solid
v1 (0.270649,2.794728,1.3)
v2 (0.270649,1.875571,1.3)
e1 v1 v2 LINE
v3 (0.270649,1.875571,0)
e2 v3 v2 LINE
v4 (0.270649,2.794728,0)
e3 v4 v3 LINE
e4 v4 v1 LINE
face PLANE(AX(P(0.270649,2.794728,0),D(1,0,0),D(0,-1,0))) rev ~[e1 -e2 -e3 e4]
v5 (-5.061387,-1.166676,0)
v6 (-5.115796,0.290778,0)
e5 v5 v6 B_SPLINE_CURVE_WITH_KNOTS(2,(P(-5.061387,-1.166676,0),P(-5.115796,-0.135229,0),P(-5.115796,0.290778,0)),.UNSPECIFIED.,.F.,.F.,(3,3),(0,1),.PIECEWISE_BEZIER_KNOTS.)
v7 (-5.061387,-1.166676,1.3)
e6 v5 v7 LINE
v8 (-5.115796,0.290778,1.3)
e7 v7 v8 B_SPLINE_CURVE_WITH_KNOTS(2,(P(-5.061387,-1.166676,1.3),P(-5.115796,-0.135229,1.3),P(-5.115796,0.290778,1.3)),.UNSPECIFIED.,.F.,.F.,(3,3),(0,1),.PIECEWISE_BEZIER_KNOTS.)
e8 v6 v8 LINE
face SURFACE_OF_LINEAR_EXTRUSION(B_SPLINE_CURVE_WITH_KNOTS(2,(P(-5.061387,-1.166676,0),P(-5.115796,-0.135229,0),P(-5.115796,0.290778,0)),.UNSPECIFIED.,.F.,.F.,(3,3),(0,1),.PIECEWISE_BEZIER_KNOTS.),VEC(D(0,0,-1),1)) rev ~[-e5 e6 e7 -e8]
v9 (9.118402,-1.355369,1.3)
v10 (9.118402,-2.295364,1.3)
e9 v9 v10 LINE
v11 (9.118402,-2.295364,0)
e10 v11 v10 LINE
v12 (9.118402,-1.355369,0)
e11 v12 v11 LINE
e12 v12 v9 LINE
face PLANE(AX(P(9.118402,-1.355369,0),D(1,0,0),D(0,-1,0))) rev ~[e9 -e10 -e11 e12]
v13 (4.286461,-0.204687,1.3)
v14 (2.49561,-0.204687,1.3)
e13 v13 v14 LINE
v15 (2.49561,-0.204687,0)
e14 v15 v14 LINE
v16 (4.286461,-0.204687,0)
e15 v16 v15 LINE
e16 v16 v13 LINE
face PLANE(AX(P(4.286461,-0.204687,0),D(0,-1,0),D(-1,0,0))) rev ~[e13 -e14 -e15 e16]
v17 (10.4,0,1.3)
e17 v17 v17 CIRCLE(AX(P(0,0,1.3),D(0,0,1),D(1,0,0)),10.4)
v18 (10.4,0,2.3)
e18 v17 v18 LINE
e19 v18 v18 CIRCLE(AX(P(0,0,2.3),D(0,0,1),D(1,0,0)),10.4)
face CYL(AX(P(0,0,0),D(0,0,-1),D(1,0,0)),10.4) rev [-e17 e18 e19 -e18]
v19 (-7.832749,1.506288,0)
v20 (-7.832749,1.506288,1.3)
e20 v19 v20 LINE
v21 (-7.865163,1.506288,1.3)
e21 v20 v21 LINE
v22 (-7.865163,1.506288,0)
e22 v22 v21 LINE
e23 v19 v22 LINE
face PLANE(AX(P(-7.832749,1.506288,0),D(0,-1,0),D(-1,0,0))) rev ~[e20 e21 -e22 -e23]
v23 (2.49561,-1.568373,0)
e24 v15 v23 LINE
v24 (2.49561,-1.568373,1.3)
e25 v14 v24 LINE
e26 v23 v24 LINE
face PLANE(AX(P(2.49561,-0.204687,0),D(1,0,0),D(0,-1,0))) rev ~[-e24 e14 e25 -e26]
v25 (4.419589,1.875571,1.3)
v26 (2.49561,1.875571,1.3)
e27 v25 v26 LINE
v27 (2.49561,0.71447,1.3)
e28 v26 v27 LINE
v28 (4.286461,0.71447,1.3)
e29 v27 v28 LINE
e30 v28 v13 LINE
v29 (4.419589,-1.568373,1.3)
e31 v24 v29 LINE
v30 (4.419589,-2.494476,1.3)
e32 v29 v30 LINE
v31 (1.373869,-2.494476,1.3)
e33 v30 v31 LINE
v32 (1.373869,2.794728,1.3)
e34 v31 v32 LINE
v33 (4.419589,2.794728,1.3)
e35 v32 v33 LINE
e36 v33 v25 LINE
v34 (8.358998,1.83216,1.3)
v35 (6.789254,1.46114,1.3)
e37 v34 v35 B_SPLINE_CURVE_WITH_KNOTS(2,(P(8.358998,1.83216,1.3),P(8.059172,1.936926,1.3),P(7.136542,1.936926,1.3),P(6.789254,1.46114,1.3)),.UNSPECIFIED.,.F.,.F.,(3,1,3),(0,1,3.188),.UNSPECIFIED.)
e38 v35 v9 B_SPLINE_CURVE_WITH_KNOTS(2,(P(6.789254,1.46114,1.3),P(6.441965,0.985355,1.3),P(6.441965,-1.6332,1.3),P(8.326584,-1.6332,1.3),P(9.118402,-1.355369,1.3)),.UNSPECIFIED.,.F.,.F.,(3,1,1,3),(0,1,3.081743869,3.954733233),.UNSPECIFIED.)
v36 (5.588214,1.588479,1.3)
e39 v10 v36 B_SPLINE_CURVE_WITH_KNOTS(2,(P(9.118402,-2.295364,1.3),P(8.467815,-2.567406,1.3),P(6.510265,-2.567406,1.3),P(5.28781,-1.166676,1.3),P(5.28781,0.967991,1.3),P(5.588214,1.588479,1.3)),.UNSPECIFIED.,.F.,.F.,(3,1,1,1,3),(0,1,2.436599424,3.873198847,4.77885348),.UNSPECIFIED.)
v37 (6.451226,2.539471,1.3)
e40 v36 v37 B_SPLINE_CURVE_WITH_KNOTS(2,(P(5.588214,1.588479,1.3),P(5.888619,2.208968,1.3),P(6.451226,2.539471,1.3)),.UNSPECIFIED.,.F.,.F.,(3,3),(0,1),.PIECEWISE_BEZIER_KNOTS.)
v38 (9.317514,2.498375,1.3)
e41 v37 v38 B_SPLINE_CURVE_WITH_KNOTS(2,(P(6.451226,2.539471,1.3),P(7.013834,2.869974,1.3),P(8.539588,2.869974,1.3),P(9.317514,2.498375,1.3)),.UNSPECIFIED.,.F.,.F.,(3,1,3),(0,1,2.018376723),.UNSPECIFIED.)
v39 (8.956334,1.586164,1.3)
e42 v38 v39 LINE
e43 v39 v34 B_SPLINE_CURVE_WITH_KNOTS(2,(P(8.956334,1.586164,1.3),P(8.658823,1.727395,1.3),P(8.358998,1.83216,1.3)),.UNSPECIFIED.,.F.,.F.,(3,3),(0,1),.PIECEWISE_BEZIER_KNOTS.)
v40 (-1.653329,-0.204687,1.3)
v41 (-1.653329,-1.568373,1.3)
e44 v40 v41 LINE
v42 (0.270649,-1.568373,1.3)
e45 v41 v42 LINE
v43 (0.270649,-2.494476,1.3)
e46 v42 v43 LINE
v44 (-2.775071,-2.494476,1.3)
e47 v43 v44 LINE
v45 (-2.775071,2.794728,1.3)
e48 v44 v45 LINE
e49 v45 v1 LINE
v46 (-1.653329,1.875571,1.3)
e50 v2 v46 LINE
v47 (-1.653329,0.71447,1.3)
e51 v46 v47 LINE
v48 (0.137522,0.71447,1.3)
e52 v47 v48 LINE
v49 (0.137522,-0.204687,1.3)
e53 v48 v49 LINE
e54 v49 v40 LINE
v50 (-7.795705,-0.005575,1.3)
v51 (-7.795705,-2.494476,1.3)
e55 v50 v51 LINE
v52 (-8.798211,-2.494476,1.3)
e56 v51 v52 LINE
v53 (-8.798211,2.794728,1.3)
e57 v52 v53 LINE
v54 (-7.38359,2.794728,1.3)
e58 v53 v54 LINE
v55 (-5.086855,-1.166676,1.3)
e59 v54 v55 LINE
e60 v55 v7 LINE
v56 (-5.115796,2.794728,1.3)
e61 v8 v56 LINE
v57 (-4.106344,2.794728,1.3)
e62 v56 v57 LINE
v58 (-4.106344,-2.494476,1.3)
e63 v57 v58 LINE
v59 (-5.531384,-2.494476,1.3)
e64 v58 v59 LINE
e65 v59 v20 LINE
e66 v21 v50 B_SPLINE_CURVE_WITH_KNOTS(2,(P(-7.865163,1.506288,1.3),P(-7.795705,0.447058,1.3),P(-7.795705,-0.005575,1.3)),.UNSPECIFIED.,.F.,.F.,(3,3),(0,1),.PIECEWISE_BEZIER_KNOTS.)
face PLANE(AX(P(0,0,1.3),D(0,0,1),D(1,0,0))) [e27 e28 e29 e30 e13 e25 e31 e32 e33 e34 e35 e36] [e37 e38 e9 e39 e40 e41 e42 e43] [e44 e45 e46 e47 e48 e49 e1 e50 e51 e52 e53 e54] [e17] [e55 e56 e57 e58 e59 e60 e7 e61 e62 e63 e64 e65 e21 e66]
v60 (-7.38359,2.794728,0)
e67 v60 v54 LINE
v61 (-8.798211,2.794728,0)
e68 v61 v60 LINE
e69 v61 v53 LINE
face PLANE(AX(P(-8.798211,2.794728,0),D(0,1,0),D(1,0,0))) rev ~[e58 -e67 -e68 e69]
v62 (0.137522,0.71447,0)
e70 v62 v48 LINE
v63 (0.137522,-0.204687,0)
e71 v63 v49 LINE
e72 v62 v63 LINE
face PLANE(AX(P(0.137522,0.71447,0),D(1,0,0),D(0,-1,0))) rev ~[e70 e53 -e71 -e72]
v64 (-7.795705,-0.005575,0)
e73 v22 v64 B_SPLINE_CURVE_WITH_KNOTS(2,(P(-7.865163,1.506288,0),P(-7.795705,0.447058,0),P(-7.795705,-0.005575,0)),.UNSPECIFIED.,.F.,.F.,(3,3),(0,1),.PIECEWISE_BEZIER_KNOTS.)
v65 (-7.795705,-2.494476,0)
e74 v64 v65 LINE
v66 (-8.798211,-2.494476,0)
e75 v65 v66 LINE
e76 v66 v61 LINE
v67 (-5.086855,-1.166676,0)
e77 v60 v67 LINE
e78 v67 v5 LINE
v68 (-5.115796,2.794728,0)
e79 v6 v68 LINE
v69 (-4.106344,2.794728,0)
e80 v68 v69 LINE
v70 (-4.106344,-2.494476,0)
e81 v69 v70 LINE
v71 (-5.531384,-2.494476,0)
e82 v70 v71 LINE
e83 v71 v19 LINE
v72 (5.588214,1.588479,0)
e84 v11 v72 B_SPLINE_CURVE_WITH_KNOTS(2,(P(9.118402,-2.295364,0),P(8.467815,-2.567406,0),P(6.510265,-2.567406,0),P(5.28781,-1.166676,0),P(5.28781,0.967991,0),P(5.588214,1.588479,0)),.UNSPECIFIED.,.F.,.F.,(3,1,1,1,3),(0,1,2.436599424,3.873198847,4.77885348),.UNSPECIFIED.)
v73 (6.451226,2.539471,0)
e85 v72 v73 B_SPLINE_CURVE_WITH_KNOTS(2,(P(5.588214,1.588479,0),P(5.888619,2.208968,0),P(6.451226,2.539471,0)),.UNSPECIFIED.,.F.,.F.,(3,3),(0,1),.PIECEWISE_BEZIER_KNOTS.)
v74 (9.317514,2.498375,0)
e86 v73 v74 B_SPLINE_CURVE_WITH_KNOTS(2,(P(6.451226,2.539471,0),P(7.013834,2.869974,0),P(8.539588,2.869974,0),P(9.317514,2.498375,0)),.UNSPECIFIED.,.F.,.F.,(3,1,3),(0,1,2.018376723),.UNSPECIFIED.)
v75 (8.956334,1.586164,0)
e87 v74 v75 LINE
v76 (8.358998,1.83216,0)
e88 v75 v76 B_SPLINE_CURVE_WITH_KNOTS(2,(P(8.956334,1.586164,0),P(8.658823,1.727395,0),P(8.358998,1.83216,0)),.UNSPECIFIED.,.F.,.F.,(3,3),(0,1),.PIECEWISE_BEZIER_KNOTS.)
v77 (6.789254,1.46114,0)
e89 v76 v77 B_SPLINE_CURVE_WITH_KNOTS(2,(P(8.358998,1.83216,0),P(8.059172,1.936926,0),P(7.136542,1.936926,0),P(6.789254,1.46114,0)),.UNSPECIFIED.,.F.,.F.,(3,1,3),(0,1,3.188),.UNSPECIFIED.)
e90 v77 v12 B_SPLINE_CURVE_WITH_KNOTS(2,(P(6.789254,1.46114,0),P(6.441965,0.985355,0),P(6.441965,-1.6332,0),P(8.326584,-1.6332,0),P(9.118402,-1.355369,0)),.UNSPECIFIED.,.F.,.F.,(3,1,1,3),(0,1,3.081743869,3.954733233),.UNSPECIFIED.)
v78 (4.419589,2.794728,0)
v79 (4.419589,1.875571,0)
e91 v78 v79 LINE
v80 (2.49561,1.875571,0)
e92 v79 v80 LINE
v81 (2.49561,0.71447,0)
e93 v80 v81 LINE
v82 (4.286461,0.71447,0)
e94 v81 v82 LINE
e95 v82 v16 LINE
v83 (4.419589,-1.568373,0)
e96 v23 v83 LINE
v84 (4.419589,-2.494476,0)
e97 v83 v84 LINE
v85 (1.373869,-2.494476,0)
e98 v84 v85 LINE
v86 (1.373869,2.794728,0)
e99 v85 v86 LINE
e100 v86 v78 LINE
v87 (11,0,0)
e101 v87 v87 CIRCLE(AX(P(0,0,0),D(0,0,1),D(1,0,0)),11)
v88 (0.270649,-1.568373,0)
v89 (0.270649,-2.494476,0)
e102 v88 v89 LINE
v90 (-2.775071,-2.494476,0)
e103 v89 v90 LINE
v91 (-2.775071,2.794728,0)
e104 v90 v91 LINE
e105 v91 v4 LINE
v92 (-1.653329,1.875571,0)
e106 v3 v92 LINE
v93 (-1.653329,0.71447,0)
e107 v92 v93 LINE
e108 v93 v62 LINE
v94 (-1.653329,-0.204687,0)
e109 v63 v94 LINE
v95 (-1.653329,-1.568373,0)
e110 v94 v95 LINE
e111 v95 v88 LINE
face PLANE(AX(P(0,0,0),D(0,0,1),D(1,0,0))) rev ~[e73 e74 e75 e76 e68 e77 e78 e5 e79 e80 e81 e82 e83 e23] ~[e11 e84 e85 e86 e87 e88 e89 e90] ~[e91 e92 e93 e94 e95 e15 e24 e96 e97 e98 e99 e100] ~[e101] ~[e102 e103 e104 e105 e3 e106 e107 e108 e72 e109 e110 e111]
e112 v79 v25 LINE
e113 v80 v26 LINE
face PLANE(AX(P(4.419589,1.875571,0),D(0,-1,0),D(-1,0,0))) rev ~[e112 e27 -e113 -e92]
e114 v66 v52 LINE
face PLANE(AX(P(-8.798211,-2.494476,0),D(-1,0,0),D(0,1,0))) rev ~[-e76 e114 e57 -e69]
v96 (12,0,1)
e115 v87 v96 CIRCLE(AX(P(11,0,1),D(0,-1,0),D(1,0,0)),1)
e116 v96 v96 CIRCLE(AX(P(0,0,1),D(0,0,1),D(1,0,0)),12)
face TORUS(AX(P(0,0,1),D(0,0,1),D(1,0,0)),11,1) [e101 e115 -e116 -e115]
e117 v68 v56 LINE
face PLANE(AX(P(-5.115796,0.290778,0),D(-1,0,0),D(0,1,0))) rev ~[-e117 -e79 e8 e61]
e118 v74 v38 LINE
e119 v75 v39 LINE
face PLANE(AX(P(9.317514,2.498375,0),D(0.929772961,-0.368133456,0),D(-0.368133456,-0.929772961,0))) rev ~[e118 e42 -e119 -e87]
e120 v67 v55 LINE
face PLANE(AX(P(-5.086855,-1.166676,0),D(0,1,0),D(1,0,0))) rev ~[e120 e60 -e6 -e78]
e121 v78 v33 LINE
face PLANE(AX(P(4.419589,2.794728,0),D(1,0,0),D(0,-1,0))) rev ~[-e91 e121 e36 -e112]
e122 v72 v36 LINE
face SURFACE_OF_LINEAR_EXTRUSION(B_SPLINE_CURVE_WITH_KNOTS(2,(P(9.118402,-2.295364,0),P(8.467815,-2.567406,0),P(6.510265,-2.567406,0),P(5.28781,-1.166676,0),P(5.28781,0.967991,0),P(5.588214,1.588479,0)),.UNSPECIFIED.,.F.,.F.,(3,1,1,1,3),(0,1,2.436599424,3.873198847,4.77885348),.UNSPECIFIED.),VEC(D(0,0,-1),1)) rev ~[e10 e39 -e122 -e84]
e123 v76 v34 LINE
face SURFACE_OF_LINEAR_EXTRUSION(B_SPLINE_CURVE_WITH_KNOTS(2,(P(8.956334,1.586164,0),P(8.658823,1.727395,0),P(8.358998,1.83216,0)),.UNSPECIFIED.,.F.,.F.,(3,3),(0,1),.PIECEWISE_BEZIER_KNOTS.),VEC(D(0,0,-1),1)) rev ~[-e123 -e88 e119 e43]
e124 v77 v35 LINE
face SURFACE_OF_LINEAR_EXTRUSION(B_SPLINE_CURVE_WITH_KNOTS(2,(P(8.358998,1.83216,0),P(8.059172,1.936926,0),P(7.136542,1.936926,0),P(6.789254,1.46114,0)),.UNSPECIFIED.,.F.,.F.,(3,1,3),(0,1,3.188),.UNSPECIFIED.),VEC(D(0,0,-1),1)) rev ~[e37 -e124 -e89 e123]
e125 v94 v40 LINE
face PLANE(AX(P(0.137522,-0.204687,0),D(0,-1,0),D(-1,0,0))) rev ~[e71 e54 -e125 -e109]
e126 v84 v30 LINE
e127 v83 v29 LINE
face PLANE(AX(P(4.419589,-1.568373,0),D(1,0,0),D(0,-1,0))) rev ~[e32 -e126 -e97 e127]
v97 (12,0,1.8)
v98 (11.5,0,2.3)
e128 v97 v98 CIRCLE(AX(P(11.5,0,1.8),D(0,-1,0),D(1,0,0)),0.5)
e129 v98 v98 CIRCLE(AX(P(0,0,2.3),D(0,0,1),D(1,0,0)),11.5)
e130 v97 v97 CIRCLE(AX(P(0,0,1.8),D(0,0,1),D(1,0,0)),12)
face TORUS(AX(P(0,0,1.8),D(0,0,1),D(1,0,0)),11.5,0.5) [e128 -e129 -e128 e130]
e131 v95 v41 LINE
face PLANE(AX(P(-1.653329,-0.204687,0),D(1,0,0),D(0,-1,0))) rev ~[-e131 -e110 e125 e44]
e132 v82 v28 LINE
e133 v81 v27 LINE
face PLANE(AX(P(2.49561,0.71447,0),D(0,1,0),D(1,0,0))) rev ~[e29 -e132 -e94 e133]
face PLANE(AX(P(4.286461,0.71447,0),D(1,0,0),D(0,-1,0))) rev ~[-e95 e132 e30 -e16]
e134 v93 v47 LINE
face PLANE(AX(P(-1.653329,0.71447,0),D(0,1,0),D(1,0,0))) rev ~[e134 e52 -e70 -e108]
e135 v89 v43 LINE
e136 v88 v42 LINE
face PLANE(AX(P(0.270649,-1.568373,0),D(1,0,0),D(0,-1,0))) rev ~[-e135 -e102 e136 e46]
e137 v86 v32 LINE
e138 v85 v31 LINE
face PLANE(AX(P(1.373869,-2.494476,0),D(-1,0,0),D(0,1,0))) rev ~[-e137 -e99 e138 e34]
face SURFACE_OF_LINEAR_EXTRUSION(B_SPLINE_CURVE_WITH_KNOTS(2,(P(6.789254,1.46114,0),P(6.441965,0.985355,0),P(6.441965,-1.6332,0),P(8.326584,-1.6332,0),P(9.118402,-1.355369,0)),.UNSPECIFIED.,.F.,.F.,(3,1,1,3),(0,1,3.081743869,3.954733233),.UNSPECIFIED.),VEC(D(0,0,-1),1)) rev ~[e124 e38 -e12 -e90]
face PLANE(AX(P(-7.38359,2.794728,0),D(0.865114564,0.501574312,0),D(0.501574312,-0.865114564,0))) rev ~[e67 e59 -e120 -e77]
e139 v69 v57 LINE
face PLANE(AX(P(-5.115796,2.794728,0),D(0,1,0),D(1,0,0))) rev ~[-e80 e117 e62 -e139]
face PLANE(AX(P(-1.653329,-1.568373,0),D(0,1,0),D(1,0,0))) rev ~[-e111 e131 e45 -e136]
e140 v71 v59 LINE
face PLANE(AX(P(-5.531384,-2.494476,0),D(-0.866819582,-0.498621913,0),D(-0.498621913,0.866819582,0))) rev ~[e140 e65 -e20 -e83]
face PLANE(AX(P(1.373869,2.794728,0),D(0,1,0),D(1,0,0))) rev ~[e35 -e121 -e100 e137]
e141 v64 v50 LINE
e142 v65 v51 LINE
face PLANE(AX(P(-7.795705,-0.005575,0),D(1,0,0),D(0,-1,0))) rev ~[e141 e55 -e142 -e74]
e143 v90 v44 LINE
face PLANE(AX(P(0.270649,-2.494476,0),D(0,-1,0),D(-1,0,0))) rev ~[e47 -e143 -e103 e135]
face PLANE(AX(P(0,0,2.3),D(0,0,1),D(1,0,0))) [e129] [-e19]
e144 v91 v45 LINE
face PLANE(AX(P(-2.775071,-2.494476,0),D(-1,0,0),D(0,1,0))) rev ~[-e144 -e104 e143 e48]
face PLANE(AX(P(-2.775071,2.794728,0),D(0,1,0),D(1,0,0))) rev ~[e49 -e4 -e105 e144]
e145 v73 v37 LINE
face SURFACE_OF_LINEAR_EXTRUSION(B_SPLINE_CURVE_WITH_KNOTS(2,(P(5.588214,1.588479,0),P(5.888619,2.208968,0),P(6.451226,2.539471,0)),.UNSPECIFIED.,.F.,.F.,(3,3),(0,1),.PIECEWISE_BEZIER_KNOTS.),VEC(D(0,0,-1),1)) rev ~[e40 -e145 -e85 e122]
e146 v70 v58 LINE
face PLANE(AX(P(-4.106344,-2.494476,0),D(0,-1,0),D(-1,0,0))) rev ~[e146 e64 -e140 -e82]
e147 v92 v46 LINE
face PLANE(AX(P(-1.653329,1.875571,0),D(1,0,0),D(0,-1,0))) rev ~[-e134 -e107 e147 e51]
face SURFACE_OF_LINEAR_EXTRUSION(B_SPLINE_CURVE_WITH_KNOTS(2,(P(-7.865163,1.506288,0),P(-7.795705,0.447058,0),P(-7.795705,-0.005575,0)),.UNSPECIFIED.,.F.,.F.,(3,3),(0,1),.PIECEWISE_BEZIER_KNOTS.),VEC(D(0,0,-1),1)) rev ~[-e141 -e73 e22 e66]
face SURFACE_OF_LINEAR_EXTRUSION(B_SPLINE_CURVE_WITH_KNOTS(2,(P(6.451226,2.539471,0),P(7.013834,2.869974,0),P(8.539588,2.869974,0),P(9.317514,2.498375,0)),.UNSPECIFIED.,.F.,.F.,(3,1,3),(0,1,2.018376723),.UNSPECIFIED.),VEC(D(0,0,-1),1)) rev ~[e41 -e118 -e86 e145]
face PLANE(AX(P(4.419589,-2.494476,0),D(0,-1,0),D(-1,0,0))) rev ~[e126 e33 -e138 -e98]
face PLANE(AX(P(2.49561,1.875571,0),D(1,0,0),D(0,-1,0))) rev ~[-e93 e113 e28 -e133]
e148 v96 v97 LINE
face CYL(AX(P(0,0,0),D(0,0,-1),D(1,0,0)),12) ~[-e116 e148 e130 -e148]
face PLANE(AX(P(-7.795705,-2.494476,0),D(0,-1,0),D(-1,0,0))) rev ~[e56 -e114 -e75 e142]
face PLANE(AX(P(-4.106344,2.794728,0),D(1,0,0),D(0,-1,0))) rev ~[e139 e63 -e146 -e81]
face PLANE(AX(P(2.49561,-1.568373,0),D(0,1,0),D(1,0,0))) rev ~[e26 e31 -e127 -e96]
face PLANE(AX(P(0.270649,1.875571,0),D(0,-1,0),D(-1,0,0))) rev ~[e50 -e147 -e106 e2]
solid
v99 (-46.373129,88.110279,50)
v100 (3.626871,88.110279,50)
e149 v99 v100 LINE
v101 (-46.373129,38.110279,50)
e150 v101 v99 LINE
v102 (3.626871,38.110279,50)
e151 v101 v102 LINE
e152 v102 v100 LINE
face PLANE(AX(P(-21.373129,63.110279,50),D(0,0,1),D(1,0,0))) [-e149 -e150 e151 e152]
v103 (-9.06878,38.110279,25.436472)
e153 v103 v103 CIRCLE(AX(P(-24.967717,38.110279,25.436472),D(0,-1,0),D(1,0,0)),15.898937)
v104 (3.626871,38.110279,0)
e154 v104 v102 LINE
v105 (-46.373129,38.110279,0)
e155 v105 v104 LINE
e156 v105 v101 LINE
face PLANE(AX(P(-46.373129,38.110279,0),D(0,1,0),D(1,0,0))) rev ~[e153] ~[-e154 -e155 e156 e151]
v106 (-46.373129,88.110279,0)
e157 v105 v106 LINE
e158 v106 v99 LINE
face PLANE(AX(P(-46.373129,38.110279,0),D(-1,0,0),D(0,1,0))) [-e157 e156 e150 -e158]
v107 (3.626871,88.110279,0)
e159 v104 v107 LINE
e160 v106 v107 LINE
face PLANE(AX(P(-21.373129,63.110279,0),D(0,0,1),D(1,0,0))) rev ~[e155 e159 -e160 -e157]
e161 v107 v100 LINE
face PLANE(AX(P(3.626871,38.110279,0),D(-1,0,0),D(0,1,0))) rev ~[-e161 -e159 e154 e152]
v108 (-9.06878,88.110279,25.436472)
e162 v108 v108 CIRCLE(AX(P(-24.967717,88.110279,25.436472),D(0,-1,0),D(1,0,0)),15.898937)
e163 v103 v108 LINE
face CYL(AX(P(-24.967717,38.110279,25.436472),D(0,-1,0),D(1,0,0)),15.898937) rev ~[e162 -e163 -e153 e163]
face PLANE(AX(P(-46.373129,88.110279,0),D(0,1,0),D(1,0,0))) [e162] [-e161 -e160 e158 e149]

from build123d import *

# Parameters (mm, degrees)
F0_R     = 12
F0_R_2   = 10.4
F1_DEPTH = 2.3
F2_DEPTH = 1.3
F3_R     = 1
F4_R     = 0.5
F5_W     = 50
F5_H     = 50
F6_DEPTH = 50
F7_R     = 15.8989374397
F8_DEPTH = 100


with BuildPart() as f1:
    # F0 (on Top) → F1 (new body)
    with BuildSketch(Plane.XY):
        Circle(F0_R)
        Circle(F0_R_2, mode=Mode.SUBTRACT)
    extrude(amount=F1_DEPTH)

    # F0 (on Top) → F2 (join)
    with BuildSketch(Plane.XY):
        Circle(F0_R_2)
        with BuildLine():
            Line((-4.106343837, 2.7947281366), (-4.106343837, -2.4944755714))
            Line((-4.106343837, -2.4944755714), (-5.5313842758, -2.4944755714))
            Line((-5.5313842758, -2.4944755714), (-7.8327493385, 1.5062878374))
            Line((-7.8327493385, 1.5062878374), (-7.8651629309, 1.5062878374))
            add(Edge.make_bspline(
                [(-7.8651629309, 1.5062878374), (-7.7957052328, 0.4470579418), (-7.7957052328, -0.0055747239)],
                knots=[0, 0, 0, 1, 1, 1], degree=2))
            Line((-7.7957052328, -0.0055747239), (-7.7957052328, -2.4944755714))
            Line((-7.7957052328, -2.4944755714), (-8.7982113417, -2.4944755714))
            Line((-8.7982113417, -2.4944755714), (-8.7982113417, 2.7947281366))
            Line((-8.7982113417, 2.7947281366), (-7.3835895576, 2.7947281366))
            Line((-7.3835895576, 2.7947281366), (-5.0868550081, -1.16667591))
            Line((-5.0868550081, -1.16667591), (-5.0613871855, -1.16667591))
            add(Edge.make_bspline(
                [(-5.0613871855, -1.16667591), (-5.1157957156, -0.1352290937), (-5.1157957156, 0.2907781212)],
                knots=[0, 0, 0, 1, 1, 1], degree=2))
            Line((-5.1157957156, 0.2907781212), (-5.1157957156, 2.7947281366))
            Line((-5.1157957156, 2.7947281366), (-4.106343837, 2.7947281366))
        make_face(mode=Mode.SUBTRACT)
        Polygon((0.2706487697, -1.5683729305), (0.2706487697, -2.4944755714), (-2.7750712907, -2.4944755714), (-2.7750712907, 2.7947281366), (0.2706487697, 2.7947281366), (0.2706487697, 1.8755712655), (-1.6533294668, 1.8755712655), (-1.6533294668, 0.7144700794), (0.1375215151, 0.7144700794), (0.1375215151, -0.2046867917), (-1.6533294668, -0.2046867917), (-1.6533294668, -1.5683729305), align=None, mode=Mode.SUBTRACT)
        Polygon((4.4195886011, -1.5683729305), (4.4195886011, -2.4944755714), (1.3738685407, -2.4944755714), (1.3738685407, 2.7947281366), (4.4195886011, 2.7947281366), (4.4195886011, 1.8755712655), (2.4956103646, 1.8755712655), (2.4956103646, 0.7144700794), (4.2864613465, 0.7144700794), (4.2864613465, -0.2046867917), (2.4956103646, -0.2046867917), (2.4956103646, -1.5683729305), align=None, mode=Mode.SUBTRACT)
        with BuildLine():
            add(Edge.make_bspline(
                [(8.35899771, 1.8321602042), (8.05917198, 1.9369255654), (7.7697649047, 1.9369255654)],
                knots=[0, 0, 0, 1, 1, 1], degree=2))
            add(Edge.make_bspline(
                [(7.7697649047, 1.9369255654), (7.1365422239, 1.9369255654), (6.7892537336, 1.4611403337)],
                knots=[0, 0, 0, 1, 1, 1], degree=2))
            add(Edge.make_bspline(
                [(6.7892537336, 1.4611403337), (6.4419652432, 0.9853551019), (6.4419652432, 0.1356559288)],
                knots=[0, 0, 0, 1, 1, 1], degree=2))
            add(Edge.make_bspline(
                [(6.4419652432, 0.1356559288), (6.4419652432, -1.6332001154), (7.7697649047, -1.6332001154)],
                knots=[0, 0, 0, 1, 1, 1], degree=2))
            add(Edge.make_bspline(
                [(7.7697649047, -1.6332001154), (8.3265841175, -1.6332001154), (9.1184018755, -1.3553693231)],
                knots=[0, 0, 0, 1, 1, 1], degree=2))
            Line((9.1184018755, -1.3553693231), (9.1184018755, -2.2953635036))
            add(Edge.make_bspline(
                [(9.1184018755, -2.2953635036), (8.4678147703, -2.5674061544), (7.6644207293, -2.5674061544)],
                knots=[0, 0, 0, 1, 1, 1], degree=2))
            add(Edge.make_bspline(
                [(7.6644207293, -2.5674061544), (6.510265313, -2.5674061544), (5.89903757, -1.8670410322)],
                knots=[0, 0, 0, 1, 1, 1], degree=2))
            add(Edge.make_bspline(
                [(5.89903757, -1.8670410322), (5.287809827, -1.16667591), (5.287809827, 0.1426016986)],
                knots=[0, 0, 0, 1, 1, 1], degree=2))
            add(Edge.make_bspline(
                [(5.287809827, 0.1426016986), (5.287809827, 0.9679906774), (5.5882143711, 1.5884794468)],
                knots=[0, 0, 0, 1, 1, 1], degree=2))
            add(Edge.make_bspline(
                [(5.5882143711, 1.5884794468), (5.8886189153, 2.2089682162), (6.4512262696, 2.5394710962)],
                knots=[0, 0, 0, 1, 1, 1], degree=2))
            add(Edge.make_bspline(
                [(6.4512262696, 2.5394710962), (7.013833624, 2.8699739762), (7.7697649047, 2.8699739762)],
                knots=[0, 0, 0, 1, 1, 1], degree=2))
            add(Edge.make_bspline(
                [(7.7697649047, 2.8699739762), (8.539587725, 2.8699739762), (9.3175139433, 2.4983752915)],
                knots=[0, 0, 0, 1, 1, 1], degree=2))
            Line((9.3175139433, 2.4983752915), (8.9563339134, 1.5861641902))
            add(Edge.make_bspline(
                [(8.9563339134, 1.5861641902), (8.65882344, 1.7273948429), (8.35899771, 1.8321602042)],
                knots=[0, 0, 0, 1, 1, 1], degree=2))
        make_face(mode=Mode.SUBTRACT)
    extrude(amount=F2_DEPTH)

    # F3
    f3_edges = [f1.edges().sort_by_distance(p)[0] for p in [
        (-12, 0, 0),
    ]]
    fillet(f3_edges, radius=F3_R)

    # F4
    f4_edges = [f1.edges().sort_by_distance(p)[0] for p in [
        (-12, 0, 2.3),
    ]]
    fillet(f4_edges, radius=F4_R)


with BuildPart() as f6:
    # F5 (on Top) → F6 (new body)
    with BuildSketch(Plane.XY):
        with Locations((-21.373128891, 63.1102785468)):
            Rectangle(F5_W, F5_H)
    extrude(amount=F6_DEPTH)

    # F7 (on face) → F8 (cut)
    with BuildSketch(Plane.XZ.offset(-38.1102785468)):
        with Locations((-24.9677170068, 25.4364721477)):
            Circle(F7_R)
    extrude(amount=-F8_DEPTH, mode=Mode.SUBTRACT)


solid = Compound([f1.part, f6.part])
